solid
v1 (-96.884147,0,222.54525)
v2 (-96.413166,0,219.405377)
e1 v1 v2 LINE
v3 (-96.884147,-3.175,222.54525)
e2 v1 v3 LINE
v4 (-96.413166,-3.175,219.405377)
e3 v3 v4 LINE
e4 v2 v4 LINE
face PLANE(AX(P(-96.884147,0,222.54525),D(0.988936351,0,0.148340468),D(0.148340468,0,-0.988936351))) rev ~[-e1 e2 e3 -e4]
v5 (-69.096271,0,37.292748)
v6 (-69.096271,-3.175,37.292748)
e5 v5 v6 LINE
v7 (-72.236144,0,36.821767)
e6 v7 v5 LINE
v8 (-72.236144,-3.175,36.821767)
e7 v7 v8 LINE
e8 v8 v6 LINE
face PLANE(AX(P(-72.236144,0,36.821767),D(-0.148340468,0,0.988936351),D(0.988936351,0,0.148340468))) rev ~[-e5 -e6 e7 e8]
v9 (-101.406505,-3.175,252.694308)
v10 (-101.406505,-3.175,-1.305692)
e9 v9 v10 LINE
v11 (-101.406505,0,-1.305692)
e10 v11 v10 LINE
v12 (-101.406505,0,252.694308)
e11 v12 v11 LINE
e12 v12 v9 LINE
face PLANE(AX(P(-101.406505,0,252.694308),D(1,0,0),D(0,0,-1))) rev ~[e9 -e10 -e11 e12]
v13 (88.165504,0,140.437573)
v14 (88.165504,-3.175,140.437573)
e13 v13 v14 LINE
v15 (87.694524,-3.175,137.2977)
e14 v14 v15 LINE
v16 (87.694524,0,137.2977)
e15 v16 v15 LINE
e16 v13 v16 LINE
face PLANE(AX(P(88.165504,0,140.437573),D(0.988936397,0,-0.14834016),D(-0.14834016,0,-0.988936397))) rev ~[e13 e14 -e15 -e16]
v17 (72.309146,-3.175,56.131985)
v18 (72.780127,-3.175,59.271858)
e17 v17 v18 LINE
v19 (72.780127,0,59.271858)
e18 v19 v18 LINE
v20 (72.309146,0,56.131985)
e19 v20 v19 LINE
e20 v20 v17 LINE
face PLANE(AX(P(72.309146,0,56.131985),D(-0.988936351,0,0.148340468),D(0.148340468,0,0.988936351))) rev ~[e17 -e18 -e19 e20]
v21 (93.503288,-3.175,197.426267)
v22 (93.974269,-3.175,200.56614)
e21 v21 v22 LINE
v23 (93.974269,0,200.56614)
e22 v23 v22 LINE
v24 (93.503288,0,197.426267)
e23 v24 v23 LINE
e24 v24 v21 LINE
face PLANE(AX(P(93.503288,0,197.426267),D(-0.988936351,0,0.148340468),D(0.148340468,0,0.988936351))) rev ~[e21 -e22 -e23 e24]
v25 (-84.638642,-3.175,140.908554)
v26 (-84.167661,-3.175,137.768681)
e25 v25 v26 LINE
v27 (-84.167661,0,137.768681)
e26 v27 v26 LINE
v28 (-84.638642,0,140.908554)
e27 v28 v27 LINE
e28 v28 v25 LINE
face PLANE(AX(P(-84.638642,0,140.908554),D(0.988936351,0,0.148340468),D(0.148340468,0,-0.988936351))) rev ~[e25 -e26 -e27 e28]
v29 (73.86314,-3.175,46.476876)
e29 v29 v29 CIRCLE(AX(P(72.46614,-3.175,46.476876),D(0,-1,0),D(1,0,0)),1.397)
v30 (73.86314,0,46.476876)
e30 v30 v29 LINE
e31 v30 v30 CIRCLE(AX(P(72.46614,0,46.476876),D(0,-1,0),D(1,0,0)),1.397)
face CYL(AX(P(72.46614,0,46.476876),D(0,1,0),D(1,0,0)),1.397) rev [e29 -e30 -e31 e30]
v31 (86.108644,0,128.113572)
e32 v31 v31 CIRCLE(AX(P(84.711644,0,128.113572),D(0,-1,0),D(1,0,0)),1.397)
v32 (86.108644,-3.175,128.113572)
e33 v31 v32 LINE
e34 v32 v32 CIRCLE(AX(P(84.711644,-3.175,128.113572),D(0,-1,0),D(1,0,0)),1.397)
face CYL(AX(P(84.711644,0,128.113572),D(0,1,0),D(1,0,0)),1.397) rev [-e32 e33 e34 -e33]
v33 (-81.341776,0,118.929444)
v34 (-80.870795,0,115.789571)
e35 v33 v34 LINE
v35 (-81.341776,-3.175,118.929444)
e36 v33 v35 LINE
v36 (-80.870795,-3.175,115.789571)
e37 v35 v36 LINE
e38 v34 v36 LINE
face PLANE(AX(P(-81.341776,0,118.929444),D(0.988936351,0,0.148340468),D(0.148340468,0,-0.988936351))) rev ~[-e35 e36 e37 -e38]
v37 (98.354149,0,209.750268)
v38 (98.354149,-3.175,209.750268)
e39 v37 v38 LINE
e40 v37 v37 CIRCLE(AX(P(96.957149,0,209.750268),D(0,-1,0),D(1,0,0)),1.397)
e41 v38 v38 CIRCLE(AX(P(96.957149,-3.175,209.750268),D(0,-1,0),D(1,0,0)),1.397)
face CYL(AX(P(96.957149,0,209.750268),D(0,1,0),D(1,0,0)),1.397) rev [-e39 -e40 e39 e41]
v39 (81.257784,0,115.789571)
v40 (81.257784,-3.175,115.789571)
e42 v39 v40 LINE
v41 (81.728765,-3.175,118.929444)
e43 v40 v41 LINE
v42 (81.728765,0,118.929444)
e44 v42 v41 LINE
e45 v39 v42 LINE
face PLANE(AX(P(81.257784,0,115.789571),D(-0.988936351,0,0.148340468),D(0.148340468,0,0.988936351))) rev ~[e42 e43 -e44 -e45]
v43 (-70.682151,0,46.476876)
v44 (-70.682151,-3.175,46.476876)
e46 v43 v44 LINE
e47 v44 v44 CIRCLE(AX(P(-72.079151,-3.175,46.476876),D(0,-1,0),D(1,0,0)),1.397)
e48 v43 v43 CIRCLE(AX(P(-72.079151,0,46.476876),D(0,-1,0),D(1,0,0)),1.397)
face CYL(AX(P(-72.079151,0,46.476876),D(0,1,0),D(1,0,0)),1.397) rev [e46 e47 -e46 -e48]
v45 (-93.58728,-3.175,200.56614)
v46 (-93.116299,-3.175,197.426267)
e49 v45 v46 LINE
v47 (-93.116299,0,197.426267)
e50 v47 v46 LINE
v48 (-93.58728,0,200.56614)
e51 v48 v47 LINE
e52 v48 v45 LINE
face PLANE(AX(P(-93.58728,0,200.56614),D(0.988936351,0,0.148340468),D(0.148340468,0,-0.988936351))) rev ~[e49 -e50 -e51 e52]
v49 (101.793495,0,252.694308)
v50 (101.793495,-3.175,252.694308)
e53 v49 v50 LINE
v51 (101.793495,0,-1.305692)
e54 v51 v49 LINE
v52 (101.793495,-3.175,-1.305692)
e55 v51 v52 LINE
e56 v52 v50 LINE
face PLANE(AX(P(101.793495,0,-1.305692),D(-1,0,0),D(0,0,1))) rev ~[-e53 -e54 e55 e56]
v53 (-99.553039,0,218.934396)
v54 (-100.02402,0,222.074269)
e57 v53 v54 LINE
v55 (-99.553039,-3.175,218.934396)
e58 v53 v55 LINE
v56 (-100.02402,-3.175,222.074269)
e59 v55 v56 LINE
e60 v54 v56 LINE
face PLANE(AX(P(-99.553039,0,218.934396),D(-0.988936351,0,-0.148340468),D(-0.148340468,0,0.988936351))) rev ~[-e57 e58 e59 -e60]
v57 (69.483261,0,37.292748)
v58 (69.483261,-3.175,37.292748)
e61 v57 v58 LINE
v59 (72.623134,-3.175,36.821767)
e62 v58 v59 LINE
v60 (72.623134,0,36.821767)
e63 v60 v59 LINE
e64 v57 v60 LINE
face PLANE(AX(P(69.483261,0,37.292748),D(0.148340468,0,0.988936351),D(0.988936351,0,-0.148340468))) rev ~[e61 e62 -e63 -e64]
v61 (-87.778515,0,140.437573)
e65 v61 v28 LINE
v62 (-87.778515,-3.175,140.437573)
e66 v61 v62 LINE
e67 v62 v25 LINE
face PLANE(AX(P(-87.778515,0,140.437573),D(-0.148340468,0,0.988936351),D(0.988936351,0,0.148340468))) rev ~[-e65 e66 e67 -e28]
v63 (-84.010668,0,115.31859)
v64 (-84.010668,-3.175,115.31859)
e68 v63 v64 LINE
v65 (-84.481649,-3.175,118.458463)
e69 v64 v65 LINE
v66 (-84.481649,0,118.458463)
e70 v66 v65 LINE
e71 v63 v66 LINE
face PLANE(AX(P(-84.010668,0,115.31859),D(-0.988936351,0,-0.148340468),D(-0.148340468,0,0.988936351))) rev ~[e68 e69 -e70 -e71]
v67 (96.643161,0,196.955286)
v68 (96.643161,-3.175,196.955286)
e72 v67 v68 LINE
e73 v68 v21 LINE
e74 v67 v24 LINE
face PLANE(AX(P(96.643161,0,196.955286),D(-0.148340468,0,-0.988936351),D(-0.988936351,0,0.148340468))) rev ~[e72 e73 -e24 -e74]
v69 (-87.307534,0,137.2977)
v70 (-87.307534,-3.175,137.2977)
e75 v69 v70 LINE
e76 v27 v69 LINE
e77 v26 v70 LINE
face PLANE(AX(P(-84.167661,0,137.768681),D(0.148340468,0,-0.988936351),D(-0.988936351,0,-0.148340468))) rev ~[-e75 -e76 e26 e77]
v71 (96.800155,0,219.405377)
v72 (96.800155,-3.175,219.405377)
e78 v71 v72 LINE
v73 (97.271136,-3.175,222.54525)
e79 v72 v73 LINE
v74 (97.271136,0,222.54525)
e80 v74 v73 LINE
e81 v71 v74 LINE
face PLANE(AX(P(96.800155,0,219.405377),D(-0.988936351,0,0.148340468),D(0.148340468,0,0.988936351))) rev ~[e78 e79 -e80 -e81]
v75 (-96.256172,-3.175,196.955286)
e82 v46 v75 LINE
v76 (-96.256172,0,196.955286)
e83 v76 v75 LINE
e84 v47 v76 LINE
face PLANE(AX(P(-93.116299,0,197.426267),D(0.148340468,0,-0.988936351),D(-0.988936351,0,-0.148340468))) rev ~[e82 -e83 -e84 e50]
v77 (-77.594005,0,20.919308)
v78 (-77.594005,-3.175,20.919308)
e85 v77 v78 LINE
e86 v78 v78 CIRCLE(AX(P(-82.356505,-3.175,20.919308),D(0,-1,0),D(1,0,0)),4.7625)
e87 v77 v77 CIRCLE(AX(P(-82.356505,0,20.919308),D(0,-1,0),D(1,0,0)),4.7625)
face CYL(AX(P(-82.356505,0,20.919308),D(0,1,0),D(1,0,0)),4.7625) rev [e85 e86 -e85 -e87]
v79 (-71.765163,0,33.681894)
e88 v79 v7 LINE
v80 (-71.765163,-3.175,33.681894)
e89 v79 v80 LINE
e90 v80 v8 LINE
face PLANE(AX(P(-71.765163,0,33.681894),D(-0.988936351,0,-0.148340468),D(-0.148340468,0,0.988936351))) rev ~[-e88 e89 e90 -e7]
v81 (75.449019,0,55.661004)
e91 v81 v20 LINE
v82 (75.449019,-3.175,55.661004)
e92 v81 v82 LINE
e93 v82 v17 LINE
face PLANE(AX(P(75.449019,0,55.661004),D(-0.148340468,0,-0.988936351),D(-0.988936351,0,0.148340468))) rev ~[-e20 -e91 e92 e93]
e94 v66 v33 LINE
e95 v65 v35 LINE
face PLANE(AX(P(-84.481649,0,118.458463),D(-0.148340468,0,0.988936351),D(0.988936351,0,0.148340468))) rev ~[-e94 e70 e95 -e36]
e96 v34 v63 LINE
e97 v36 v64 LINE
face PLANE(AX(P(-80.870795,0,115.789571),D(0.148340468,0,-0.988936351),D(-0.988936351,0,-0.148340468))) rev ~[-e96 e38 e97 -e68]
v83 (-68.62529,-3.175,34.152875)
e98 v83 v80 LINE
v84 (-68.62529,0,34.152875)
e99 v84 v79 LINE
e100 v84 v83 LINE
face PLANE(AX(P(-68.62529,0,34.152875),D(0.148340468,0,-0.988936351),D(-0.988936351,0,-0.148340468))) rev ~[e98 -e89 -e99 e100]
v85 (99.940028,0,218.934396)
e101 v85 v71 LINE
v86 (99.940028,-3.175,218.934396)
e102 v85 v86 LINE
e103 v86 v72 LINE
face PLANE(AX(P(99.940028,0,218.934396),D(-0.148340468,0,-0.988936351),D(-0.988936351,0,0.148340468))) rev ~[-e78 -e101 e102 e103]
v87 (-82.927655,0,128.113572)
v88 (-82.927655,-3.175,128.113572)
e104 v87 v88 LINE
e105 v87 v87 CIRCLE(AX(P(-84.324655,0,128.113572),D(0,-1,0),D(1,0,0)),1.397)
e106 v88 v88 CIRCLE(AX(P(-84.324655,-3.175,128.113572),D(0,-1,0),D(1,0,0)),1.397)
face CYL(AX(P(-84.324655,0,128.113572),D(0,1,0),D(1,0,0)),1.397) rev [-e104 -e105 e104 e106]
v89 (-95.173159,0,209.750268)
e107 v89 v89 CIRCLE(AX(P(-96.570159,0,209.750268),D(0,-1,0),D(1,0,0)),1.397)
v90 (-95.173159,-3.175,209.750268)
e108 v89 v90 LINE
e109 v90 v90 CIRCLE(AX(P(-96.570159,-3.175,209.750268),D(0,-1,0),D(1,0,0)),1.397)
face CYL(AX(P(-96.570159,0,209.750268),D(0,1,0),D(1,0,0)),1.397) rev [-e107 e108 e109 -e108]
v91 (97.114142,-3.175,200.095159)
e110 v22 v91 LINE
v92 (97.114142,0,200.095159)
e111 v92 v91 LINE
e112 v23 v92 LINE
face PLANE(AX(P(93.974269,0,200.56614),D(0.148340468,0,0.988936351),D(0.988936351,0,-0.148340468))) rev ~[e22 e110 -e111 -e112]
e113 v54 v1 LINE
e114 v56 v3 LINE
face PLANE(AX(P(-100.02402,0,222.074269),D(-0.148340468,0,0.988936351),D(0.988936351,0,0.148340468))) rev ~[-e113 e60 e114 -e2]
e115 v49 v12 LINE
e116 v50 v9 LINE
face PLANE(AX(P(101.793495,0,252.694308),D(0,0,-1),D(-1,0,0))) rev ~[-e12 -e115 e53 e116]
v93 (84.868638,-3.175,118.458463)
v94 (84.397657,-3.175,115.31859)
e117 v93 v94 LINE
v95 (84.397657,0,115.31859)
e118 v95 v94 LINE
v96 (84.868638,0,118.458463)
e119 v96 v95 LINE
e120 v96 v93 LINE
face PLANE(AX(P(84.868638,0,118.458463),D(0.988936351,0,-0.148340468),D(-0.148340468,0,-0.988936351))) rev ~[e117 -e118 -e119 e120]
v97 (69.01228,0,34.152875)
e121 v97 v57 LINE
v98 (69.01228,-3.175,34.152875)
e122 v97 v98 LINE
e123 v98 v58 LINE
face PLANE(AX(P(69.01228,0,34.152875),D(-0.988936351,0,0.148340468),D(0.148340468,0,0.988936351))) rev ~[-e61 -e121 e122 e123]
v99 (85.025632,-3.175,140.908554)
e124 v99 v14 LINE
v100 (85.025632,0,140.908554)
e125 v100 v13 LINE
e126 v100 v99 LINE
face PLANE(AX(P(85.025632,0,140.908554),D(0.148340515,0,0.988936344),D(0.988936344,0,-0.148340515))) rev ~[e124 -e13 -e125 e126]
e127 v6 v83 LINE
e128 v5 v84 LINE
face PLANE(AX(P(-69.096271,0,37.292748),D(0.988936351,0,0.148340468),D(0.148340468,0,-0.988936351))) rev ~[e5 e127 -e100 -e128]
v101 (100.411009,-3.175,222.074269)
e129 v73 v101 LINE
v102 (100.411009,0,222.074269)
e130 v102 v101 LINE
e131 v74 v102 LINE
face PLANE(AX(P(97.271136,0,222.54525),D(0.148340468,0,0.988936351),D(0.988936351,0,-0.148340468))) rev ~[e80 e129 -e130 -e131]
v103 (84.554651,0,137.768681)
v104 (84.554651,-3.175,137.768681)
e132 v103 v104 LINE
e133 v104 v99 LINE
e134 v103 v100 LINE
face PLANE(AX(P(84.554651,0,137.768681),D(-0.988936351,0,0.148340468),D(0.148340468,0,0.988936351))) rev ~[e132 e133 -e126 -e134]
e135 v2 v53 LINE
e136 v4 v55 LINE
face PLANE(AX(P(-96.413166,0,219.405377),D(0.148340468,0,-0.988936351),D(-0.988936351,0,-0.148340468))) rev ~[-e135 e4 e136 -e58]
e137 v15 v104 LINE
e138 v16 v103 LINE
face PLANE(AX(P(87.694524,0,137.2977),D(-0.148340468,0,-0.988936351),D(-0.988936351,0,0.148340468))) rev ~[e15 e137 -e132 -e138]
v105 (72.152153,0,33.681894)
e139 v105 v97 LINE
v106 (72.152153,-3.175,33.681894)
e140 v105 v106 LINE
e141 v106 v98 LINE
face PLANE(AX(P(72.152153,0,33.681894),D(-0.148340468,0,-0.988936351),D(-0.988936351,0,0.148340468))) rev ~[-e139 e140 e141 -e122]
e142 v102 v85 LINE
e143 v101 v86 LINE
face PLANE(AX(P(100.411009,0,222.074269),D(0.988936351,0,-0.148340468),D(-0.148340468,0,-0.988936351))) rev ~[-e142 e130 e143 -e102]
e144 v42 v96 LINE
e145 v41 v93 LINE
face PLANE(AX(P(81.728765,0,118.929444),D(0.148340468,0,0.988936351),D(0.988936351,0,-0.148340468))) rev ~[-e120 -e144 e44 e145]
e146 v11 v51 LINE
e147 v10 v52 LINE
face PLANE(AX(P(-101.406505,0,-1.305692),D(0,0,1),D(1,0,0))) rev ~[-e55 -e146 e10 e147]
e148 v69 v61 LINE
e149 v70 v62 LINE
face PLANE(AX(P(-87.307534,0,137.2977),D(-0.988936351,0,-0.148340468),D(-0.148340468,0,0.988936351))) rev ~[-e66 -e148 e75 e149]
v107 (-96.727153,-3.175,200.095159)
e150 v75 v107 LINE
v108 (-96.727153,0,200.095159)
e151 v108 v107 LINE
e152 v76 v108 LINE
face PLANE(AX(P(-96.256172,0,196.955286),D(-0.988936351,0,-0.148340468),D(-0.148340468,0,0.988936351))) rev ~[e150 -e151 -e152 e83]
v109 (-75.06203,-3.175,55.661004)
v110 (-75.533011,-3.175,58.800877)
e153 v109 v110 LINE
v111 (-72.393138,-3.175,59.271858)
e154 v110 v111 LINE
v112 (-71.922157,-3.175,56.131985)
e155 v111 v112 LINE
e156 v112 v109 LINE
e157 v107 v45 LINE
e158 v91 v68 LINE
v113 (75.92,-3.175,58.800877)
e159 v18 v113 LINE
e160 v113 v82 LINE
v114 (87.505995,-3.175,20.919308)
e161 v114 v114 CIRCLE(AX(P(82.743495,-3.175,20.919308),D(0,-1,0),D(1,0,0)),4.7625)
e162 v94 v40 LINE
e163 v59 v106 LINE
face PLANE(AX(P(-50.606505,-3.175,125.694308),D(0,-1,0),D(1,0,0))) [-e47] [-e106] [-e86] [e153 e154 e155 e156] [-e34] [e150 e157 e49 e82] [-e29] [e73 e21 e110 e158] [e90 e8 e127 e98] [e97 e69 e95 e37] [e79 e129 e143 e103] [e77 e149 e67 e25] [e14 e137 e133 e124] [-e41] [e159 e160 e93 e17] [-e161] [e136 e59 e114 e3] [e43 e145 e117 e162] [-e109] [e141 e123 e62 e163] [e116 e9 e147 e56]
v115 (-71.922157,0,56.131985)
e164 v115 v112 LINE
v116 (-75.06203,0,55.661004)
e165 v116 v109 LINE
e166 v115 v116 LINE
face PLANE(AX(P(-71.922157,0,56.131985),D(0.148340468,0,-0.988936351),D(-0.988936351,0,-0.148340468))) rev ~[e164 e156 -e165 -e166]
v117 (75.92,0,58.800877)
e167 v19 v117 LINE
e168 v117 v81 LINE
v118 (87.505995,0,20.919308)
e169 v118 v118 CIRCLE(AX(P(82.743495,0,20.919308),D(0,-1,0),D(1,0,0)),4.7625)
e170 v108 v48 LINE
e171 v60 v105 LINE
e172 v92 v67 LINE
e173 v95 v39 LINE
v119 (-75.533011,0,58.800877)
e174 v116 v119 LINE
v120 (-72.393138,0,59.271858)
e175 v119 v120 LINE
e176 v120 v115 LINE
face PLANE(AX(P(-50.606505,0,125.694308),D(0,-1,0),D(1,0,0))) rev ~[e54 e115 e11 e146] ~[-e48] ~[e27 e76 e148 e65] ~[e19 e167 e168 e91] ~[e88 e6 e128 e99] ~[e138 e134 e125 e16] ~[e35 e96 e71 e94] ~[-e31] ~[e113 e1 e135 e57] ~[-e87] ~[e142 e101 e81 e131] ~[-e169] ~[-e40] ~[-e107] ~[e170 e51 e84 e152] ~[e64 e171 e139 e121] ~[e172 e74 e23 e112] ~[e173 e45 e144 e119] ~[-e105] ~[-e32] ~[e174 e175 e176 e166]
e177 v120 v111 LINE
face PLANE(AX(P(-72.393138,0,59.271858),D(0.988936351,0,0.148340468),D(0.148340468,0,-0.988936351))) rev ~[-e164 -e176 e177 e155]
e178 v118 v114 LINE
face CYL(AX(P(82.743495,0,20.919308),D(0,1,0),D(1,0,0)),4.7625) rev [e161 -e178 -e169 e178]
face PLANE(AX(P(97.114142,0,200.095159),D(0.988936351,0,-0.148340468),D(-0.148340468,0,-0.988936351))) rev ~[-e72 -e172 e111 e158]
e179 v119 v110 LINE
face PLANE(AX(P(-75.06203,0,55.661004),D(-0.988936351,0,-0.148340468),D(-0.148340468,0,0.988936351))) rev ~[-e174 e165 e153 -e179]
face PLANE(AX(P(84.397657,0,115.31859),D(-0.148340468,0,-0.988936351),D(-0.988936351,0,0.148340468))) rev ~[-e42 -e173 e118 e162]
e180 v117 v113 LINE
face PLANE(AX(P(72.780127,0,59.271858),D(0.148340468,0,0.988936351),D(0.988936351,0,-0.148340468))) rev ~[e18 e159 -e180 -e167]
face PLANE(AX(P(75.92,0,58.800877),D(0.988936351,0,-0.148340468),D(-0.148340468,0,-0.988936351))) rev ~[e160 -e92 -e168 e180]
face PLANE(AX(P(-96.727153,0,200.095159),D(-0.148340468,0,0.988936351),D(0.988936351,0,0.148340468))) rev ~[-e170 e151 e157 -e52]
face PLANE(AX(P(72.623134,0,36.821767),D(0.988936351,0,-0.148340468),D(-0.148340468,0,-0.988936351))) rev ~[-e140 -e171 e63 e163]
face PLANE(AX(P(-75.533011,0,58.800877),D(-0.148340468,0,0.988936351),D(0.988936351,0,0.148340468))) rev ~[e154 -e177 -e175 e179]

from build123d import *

# Parameters (mm, degrees)
F0_R     = 4.7625
F0_R_2   = 1.397
F1_DEPTH = 3.175


with BuildPart() as f1:
    # F0 (on Front) → F1 (new body)
    with BuildSketch(Plane.XZ):
        Polygon((0.193495, 252.694308), (-101.406505, 252.694308), (-101.406505, 231.290841), (-101.406505, -1.305692), (0.193495, -1.305692), align=None)
        with Locations((-82.356505, 20.919308)):
            Circle(F0_R, mode=Mode.SUBTRACT)
        Polygon((-68.62529, 34.152875), (-71.765163, 33.681894), (-72.236144, 36.821767), (-75.06203, 55.661004), (-75.533011, 58.800877), (-72.393138, 59.271858), (-71.922157, 56.131985), (-69.096271, 37.292748), align=None, mode=Mode.SUBTRACT)
        Polygon((-84.481649, 118.458463), (-85.894592, 127.878082), (-87.307534, 137.2977), (-87.778515, 140.437573), (-84.638642, 140.908554), (-84.167661, 137.768681), (-81.341776, 118.929444), (-80.870795, 115.789571), (-84.010668, 115.31859), align=None, mode=Mode.SUBTRACT)
        Polygon((-100.02402, 222.074269), (-96.884147, 222.54525), (-96.413166, 219.405377), (-93.58728, 200.56614), (-93.116299, 197.426267), (-96.256172, 196.955286), (-96.727153, 200.095159), (-99.553039, 218.934396), align=None, mode=Mode.SUBTRACT)
        Polygon((101.793495, 252.694308), (0.193495, 252.694308), (0.193495, -1.305692), (101.793495, -1.305692), (101.793495, 231.290841), align=None)
        with Locations((82.743495, 20.919308)):
            Circle(F0_R, mode=Mode.SUBTRACT)
        Polygon((75.92, 58.800877), (75.449019, 55.661004), (72.623134, 36.821767), (72.152153, 33.681894), (69.01228, 34.152875), (69.483261, 37.292748), (72.309146, 56.131985), (72.780127, 59.271858), align=None, mode=Mode.SUBTRACT)
        Polygon((84.554651, 137.768681), (85.025632, 140.908554), (88.165504, 140.437573), (87.694524, 137.2977), (86.281581, 127.878082), (84.868638, 118.458463), (84.397657, 115.31859), (81.257784, 115.789571), (81.728765, 118.929444), align=None, mode=Mode.SUBTRACT)
        Polygon((99.940028, 218.934396), (97.114142, 200.095159), (96.643161, 196.955286), (93.503288, 197.426267), (93.974269, 200.56614), (96.800155, 219.405377), (97.271136, 222.54525), (100.411009, 222.074269), align=None, mode=Mode.SUBTRACT)
        Polygon((-87.307534, 137.2977), (-85.894592, 127.878082), (-84.481649, 118.458463), (-81.341776, 118.929444), (-84.167661, 137.768681), align=None)
        with Locations((-84.324655, 128.113572)):
            Circle(F0_R_2, mode=Mode.SUBTRACT)
        Polygon((-93.58728, 200.56614), (-96.413166, 219.405377), (-99.553039, 218.934396), (-96.727153, 200.095159), align=None)
        with Locations((-96.570159, 209.750268)):
            Circle(F0_R_2, mode=Mode.SUBTRACT)
        Polygon((-75.06203, 55.661004), (-72.236144, 36.821767), (-69.096271, 37.292748), (-71.922157, 56.131985), align=None)
        with Locations((-72.079151, 46.476876)):
            Circle(F0_R_2, mode=Mode.SUBTRACT)
        Polygon((72.623134, 36.821767), (75.449019, 55.661004), (72.309146, 56.131985), (69.483261, 37.292748), align=None)
        with Locations((72.46614, 46.476876)):
            Circle(F0_R_2, mode=Mode.SUBTRACT)
        Polygon((87.694524, 137.2977), (84.554651, 137.768681), (81.728765, 118.929444), (84.868638, 118.458463), (86.281581, 127.878082), align=None)
        with Locations((84.711644, 128.113572)):
            Circle(F0_R_2, mode=Mode.SUBTRACT)
        Polygon((93.974269, 200.56614), (97.114142, 200.095159), (99.940028, 218.934396), (96.800155, 219.405377), align=None)
        with Locations((96.957149, 209.750268)):
            Circle(F0_R_2, mode=Mode.SUBTRACT)
    extrude(amount=F1_DEPTH)


solid = f1.part
